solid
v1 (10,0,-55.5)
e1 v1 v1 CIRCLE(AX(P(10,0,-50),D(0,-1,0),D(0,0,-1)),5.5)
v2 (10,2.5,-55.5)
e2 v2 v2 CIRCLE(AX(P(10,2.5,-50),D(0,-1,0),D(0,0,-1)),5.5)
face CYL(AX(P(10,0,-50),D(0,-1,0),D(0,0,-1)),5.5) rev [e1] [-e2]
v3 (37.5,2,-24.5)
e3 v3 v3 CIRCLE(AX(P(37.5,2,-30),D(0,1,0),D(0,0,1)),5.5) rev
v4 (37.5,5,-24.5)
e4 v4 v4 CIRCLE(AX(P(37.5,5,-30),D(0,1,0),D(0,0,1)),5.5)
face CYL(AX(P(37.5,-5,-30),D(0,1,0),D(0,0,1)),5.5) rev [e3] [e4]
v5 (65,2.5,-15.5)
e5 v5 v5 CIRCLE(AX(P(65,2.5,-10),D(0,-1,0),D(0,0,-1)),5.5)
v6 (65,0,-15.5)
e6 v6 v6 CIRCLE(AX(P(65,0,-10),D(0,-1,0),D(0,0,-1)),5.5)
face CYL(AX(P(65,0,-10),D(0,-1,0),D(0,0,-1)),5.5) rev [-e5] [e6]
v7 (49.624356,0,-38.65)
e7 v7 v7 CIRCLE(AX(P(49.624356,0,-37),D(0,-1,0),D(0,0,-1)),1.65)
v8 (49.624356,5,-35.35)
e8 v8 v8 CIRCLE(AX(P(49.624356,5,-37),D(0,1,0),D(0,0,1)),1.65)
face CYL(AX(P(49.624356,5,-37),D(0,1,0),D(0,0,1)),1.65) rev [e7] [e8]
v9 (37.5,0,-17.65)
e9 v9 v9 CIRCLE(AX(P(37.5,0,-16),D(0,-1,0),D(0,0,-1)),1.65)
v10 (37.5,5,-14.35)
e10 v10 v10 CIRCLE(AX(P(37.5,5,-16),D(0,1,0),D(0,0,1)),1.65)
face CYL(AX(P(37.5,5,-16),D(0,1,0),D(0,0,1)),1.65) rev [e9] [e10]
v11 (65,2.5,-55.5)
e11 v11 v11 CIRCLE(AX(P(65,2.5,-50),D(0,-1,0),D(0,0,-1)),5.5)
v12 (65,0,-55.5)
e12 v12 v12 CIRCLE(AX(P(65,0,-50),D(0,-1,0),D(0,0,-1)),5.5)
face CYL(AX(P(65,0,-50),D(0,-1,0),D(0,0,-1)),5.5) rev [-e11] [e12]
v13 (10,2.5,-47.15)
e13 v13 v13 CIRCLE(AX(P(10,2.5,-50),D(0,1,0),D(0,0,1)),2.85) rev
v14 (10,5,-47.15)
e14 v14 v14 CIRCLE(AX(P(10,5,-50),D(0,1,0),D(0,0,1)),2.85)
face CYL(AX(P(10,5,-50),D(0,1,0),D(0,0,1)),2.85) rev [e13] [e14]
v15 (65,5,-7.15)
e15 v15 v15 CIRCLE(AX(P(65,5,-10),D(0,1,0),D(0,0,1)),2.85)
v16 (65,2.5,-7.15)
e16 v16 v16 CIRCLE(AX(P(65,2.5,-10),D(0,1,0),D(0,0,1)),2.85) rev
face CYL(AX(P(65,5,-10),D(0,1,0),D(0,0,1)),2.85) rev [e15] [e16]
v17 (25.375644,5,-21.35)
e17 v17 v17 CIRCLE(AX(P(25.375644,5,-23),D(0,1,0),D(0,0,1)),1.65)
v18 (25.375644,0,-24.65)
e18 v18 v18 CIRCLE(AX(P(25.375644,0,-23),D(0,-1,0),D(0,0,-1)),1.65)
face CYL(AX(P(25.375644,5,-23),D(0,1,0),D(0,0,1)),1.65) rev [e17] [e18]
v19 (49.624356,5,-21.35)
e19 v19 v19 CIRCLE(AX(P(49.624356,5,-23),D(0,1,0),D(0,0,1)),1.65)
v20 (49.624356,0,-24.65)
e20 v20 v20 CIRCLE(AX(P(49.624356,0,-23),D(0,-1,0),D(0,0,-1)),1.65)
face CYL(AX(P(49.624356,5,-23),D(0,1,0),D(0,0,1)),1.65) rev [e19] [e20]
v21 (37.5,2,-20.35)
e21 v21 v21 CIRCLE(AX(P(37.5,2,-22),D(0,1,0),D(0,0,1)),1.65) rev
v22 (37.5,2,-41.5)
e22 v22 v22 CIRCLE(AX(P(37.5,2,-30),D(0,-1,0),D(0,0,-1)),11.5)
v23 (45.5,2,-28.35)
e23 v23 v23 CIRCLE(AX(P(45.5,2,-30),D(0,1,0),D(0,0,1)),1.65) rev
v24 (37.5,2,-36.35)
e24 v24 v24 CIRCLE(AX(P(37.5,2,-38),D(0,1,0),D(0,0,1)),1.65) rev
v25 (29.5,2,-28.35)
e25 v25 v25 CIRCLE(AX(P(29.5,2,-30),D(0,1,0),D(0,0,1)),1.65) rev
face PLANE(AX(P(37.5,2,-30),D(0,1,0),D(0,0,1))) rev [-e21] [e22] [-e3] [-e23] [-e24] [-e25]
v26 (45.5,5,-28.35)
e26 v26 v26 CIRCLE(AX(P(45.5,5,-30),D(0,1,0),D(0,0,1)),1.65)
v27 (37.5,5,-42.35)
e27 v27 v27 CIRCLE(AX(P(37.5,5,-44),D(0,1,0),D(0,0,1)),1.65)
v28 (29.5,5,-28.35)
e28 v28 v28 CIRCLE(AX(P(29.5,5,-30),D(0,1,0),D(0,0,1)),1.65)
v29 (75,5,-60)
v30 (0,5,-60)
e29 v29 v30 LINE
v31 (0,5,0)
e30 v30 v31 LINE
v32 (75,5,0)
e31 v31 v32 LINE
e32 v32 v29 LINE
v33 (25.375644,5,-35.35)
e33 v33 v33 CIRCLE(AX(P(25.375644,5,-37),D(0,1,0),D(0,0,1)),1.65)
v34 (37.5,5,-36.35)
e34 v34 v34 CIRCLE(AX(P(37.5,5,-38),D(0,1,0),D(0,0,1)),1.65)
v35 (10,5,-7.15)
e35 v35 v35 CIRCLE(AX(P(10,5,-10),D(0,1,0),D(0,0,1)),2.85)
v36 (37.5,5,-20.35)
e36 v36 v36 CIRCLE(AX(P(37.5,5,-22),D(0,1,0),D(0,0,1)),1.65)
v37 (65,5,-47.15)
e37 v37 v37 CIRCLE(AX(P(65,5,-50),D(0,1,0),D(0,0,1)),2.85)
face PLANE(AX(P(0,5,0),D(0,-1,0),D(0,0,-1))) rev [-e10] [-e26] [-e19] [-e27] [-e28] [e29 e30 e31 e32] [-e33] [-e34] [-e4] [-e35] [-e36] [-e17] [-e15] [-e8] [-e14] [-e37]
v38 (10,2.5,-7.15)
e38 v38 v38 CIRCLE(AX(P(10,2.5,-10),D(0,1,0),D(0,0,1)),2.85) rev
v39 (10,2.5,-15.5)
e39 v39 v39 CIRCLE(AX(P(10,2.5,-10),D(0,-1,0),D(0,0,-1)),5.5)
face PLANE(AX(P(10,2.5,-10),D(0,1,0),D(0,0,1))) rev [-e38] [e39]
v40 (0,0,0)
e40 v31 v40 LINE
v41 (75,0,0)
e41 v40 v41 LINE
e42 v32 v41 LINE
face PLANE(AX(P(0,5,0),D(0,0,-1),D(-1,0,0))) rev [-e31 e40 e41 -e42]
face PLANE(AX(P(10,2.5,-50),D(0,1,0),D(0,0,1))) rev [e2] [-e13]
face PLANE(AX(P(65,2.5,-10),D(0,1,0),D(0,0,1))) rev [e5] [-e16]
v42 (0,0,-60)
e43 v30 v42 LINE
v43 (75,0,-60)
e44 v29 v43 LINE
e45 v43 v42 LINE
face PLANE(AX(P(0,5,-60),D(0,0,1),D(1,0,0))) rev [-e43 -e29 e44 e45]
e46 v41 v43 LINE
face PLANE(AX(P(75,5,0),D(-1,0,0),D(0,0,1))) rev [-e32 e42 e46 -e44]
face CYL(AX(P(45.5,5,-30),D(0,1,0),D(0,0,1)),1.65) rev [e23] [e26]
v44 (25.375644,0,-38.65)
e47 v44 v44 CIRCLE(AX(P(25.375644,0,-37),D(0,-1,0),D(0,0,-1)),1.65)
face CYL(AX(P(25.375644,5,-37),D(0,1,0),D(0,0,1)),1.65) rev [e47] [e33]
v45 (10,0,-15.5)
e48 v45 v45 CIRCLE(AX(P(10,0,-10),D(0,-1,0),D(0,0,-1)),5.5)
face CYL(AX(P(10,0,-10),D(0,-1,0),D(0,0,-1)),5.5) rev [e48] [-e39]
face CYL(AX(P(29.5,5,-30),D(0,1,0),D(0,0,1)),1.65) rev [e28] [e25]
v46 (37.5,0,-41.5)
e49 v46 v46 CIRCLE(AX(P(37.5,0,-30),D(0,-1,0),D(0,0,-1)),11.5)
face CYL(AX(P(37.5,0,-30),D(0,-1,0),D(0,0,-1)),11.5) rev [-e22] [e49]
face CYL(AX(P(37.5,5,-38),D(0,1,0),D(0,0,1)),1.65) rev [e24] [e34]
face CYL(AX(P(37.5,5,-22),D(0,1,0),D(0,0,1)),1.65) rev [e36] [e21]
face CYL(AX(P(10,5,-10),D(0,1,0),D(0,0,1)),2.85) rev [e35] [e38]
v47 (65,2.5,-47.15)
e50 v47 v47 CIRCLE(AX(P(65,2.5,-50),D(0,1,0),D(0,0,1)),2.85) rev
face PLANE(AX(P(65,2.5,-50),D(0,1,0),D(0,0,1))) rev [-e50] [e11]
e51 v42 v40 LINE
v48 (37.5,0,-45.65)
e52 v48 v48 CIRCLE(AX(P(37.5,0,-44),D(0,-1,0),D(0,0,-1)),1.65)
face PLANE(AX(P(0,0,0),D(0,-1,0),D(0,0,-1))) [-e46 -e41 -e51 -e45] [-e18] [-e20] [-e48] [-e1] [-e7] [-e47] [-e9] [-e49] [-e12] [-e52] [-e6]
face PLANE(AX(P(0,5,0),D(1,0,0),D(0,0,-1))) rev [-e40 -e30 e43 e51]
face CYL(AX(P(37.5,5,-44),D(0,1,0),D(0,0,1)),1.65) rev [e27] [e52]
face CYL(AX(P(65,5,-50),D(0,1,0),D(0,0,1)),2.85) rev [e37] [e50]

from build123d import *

# Parameters (mm, degrees)
SKETCH_1_W               = 75
SKETCH_1_H               = 60
EXTRUDE_1_DEPTH          = 5
HOLE_WIZARD_1_D          = 5.7
CUT_EXTRUDE_1_DEPTH      = 10
HOLE_WIZARD_2_D          = 3.3
PATTERN_CIRCULAR_1_COUNT = 6
HOLE_WIZARD_3_D          = 11
HOLE_WIZARD_3_DEPTH      = 2.5
HOLE_WIZARD_4_D          = 3.3
HOLE_WIZARD_5_D          = 23
HOLE_WIZARD_5_DEPTH      = 2


with BuildPart() as part:
    # 草图1 → 凸台-拉伸1 (new body)
    with BuildSketch(Plane(origin=(0, 0, 0), x_dir=(1, 0, 0), z_dir=(0, 1, 0))):
        with Locations((37.5, 30)):
            Rectangle(SKETCH_1_W, SKETCH_1_H)
    extrude(amount=EXTRUDE_1_DEPTH)

    # 孔1 (through all)
    with Locations(Plane(origin=(0, 5, 0), x_dir=(1, 0, 0), z_dir=(0, 1, 0))):
        with Locations((10, 50), (10, 10), (65, 10), (65, 50)):
            Hole(HOLE_WIZARD_1_D / 2)

    # 草图6 → 切除-拉伸1 (cut)
    with BuildSketch(Plane(origin=(0, 5, 0), x_dir=(1, 0, 0), z_dir=(0, 1, 0))):
        with BuildLine():
            ThreePointArc((43, 30), (37.5, 35.5), (32, 30))
            Line((32, 30), (43, 30))
        make_face()
        with BuildLine():
            Line((43, 30), (32, 30))
            ThreePointArc((32, 30), (37.5, 24.5), (43, 30))
        make_face()
    extrude(amount=-CUT_EXTRUDE_1_DEPTH, mode=Mode.SUBTRACT)

    # 孔2 (through all)
    with Locations(Plane(origin=(0, 5, 0), x_dir=(1, 0, 0), z_dir=(0, 1, 0))):
        with Locations((37.5, 44)):
            hole_wizard_2 = Hole(HOLE_WIZARD_2_D / 2)

    # 阵列(圆周)1: 孔2 ×6 about axis
    pattern_circular_1_axis = Axis((37.5, 0, -30), (0, 1, 0))
    for i in range(1, PATTERN_CIRCULAR_1_COUNT):
        add(hole_wizard_2.rotate(pattern_circular_1_axis, i * 360 / PATTERN_CIRCULAR_1_COUNT), mode=Mode.SUBTRACT)

    # 孔3
    with Locations(Plane(origin=(0, 0, 0), x_dir=(-1, 0, 0), z_dir=(0, -1, 0))):
        with Locations((-10, 10), (-10, 50), (-65, 50), (-65, 10)):
            Hole(HOLE_WIZARD_3_D / 2, depth=HOLE_WIZARD_3_DEPTH)

    # 孔4 (through all)
    with Locations(Plane(origin=(0, 5, 0), x_dir=(1, 0, 0), z_dir=(0, 1, 0))):
        with Locations((29.5, 30), (37.5, 38), (45.5, 30), (37.5, 22)):
            Hole(HOLE_WIZARD_4_D / 2)

    # 孔5
    with Locations(Plane(origin=(0, 0, 0), x_dir=(-1, 0, 0), z_dir=(0, -1, 0))):
        with Locations((-37.5, 30)):
            Hole(HOLE_WIZARD_5_D / 2, depth=HOLE_WIZARD_5_DEPTH)


solid = part.part
